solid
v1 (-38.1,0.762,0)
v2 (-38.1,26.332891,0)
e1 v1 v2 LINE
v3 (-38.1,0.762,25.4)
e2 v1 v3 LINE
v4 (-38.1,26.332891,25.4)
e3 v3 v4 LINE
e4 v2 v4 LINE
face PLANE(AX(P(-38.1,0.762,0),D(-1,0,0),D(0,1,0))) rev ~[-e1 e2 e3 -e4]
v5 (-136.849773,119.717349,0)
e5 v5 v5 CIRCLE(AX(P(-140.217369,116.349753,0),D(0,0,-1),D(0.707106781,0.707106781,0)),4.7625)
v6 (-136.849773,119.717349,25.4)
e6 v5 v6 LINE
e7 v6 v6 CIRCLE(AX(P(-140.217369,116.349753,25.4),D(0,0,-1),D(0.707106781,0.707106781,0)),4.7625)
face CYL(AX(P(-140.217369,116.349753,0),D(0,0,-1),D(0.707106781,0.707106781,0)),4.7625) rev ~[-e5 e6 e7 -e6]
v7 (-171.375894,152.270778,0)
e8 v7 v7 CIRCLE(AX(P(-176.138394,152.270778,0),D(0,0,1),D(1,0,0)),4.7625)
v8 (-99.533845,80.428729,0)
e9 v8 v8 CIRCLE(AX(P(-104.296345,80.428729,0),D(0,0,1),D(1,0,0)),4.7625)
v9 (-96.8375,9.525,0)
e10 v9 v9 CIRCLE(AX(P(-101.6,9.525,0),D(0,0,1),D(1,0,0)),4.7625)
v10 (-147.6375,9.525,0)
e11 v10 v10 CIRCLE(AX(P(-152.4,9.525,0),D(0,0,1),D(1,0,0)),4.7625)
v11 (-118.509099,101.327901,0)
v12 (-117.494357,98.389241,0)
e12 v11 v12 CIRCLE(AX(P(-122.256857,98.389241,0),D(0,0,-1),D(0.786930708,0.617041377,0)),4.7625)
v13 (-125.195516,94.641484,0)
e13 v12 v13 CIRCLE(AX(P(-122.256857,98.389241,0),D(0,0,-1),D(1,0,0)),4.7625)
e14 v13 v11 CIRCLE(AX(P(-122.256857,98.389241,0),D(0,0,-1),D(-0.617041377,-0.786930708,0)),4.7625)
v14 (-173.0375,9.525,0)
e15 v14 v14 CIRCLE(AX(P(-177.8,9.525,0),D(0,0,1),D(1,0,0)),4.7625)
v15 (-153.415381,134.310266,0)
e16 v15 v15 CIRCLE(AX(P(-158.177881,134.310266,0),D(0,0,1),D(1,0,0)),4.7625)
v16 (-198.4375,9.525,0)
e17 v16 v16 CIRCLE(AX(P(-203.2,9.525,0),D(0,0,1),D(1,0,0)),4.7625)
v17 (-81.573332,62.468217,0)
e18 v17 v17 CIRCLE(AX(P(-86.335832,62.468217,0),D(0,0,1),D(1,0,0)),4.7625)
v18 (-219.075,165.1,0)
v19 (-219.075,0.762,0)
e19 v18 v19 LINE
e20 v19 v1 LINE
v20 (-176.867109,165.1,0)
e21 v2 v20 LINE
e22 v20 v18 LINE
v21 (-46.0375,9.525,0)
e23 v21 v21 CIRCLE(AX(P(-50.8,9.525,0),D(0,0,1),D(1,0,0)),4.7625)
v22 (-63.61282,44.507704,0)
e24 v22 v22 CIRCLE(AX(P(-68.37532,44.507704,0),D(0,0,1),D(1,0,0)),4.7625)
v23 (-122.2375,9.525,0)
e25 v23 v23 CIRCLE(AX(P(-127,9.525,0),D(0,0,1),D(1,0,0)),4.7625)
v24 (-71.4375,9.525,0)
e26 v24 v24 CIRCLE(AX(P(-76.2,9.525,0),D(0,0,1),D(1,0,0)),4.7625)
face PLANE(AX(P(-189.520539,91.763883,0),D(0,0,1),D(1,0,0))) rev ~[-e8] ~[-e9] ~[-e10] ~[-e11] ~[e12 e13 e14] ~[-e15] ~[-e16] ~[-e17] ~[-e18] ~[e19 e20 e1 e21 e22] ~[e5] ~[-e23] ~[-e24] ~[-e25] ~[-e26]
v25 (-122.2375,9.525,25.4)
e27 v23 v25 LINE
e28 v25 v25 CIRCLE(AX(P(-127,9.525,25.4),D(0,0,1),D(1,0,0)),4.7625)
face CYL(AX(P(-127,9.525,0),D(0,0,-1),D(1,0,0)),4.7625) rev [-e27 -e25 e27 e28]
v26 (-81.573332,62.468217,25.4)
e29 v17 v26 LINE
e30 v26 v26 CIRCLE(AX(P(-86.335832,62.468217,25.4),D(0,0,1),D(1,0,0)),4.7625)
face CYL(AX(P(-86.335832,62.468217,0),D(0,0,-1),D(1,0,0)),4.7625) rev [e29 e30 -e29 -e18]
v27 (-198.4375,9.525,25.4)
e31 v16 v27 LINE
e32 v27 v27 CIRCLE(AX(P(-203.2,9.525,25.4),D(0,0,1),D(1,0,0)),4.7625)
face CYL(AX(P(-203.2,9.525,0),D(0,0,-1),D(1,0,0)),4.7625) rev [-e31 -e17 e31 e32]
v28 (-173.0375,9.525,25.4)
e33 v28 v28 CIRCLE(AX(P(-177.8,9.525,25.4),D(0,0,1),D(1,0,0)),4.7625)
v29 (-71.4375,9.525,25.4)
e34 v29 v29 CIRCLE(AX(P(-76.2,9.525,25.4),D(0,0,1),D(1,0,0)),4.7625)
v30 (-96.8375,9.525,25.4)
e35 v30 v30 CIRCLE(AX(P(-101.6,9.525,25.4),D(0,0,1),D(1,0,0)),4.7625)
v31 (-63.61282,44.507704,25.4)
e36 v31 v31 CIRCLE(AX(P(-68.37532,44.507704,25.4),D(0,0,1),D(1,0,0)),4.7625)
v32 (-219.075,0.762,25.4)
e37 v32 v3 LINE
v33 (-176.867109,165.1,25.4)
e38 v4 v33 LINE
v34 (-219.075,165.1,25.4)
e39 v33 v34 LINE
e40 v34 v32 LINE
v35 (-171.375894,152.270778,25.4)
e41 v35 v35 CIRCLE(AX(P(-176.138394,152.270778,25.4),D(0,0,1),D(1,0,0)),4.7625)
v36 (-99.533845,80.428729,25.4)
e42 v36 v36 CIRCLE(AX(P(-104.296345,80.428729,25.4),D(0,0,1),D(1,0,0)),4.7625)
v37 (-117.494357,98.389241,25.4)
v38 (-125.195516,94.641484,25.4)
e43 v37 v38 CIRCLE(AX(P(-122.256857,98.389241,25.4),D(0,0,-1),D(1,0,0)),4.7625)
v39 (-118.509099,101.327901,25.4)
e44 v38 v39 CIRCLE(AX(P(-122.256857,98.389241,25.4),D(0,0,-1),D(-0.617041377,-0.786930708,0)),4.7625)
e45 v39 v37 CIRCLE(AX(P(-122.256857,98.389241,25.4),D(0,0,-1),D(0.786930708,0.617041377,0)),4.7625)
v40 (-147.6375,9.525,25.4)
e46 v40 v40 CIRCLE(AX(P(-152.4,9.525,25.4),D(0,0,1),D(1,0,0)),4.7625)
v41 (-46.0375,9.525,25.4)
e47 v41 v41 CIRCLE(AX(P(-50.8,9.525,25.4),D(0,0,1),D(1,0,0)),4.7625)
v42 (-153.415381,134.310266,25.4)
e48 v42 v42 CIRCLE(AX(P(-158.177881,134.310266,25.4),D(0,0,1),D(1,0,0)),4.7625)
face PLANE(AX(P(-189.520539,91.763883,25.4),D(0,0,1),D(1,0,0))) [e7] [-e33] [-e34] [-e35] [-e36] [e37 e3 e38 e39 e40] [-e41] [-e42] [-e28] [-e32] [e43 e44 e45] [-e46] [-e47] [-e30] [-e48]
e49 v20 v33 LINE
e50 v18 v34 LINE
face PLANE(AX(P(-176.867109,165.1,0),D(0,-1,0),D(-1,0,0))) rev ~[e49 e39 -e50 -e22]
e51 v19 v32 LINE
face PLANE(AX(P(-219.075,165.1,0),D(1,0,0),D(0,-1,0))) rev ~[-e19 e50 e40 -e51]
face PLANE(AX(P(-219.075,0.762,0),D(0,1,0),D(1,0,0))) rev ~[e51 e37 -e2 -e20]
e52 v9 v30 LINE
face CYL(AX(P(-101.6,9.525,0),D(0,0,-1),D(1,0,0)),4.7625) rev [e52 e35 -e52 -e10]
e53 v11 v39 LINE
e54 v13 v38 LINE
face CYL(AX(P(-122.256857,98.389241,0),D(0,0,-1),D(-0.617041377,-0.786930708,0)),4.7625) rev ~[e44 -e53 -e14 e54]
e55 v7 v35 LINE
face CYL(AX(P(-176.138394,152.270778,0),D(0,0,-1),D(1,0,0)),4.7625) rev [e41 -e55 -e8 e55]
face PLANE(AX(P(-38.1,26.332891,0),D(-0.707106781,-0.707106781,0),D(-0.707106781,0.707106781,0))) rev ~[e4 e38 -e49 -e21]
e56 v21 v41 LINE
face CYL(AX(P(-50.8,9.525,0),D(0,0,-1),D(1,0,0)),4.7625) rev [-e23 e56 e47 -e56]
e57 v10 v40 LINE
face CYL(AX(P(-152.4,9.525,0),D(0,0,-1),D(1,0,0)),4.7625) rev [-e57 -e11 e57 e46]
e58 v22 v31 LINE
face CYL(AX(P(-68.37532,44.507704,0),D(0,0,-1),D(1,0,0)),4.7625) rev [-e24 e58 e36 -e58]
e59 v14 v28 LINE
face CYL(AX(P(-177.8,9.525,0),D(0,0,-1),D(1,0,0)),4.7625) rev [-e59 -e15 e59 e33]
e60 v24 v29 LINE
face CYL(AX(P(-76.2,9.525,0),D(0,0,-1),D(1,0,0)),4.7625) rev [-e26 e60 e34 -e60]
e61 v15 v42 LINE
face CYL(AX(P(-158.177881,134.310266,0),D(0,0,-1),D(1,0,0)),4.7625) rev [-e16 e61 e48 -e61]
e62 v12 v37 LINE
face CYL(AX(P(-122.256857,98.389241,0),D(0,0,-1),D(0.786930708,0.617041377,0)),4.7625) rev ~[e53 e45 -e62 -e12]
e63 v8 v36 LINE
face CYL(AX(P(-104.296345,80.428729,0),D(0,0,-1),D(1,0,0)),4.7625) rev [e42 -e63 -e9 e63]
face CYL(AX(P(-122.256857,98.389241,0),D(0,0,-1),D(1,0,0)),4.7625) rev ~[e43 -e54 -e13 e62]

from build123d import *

# Parameters (mm, degrees)
F0_R     = 4.7625
F1_DEPTH = 25.4


with BuildPart() as f1:
    # F0 (on Top) → F1 (new body)
    with BuildSketch(Plane.XY):
        Polygon((-219.075, 165.1), (-219.075, 19.05), (-200.787, 19.05), (-128.5875, 91.2495), (-146.9525612107, 109.6145612107), (-202.438, 165.1), align=None)
        Polygon((-38.1, 0.762), (-38.1, 19.05), (-200.787, 19.05), (-219.075, 0.762), align=None)
        with Locations((-203.2, 9.525)):
            Circle(F0_R, mode=Mode.SUBTRACT)
        with Locations((-177.8, 9.525)):
            Circle(F0_R, mode=Mode.SUBTRACT)
        with Locations((-152.4, 9.525)):
            Circle(F0_R, mode=Mode.SUBTRACT)
        with Locations((-127, 9.525)):
            Circle(F0_R, mode=Mode.SUBTRACT)
        with Locations((-101.6, 9.525)):
            Circle(F0_R, mode=Mode.SUBTRACT)
        with Locations((-76.2, 9.525)):
            Circle(F0_R, mode=Mode.SUBTRACT)
        with Locations((-50.8, 9.525)):
            Circle(F0_R, mode=Mode.SUBTRACT)
        with BuildLine():
            Line((-125.1955164365, 94.6414835635), (-128.5875, 91.2495))
            Line((-128.5875, 91.2495), (-57.15, 19.812))
            Line((-57.15, 19.812), (-44.3645546077, 32.5974453923))
            Line((-44.3645546077, 32.5974453923), (-115.8020546077, 104.0349453923))
            Line((-115.8020546077, 104.0349453923), (-118.5090993819, 101.3279006181))
            ThreePointArc((-118.5090993819, 101.3279006181), (-117.7551848926, 99.9437041782), (-117.4943568778, 98.3892410594))
            ThreePointArc((-117.4943568778, 98.3892410594), (-120.1728655028, 94.1069068595), (-125.1955164365, 94.6414835635))
        make_face()
        with Locations((-68.3753201513, 44.5077043329)):
            Circle(F0_R, mode=Mode.SUBTRACT)
        with Locations((-86.3358323935, 62.4682165751)):
            Circle(F0_R, mode=Mode.SUBTRACT)
        with Locations((-104.2963446356, 80.4287288172)):
            Circle(F0_R, mode=Mode.SUBTRACT)
        Polygon((-200.787, 19.05), (-219.075, 19.05), (-219.075, 0.762), align=None)
        with BuildLine():
            Line((-176.8671092154, 165.1), (-202.438, 165.1))
            Line((-202.438, 165.1), (-146.9525612107, 109.6145612107))
            Line((-146.9525612107, 109.6145612107), (-143.5849651653, 112.9821572561))
            ThreePointArc((-143.5849651653, 112.9821572561), (-143.5849651653, 119.7173493469), (-136.8497730745, 119.7173493469))
            Line((-136.8497730745, 119.7173493469), (-134.1671158184, 122.400006603))
            Line((-134.1671158184, 122.400006603), (-176.8671092154, 165.1))
        make_face()
        with Locations((-158.177881362, 134.3102655436)):
            Circle(F0_R, mode=Mode.SUBTRACT)
        with Locations((-176.1383936042, 152.2707777858)):
            Circle(F0_R, mode=Mode.SUBTRACT)
        with BuildLine():
            Line((-146.9525612107, 109.6145612107), (-128.5875, 91.2495))
            Line((-128.5875, 91.2495), (-125.1955164365, 94.6414835635))
            ThreePointArc((-125.1955164365, 94.6414835635), (-125.6244529232, 101.7568371048), (-118.5090993819, 101.3279006181))
            Line((-118.5090993819, 101.3279006181), (-115.8020546077, 104.0349453923))
            Line((-115.8020546077, 104.0349453923), (-134.1671158184, 122.400006603))
            Line((-134.1671158184, 122.400006603), (-136.8497730745, 119.7173493469))
            ThreePointArc((-136.8497730745, 119.7173493469), (-135.8173928463, 118.1722831481), (-135.4548691199, 116.3497533015))
            ThreePointArc((-135.4548691199, 116.3497533015), (-138.3948392733, 111.9497770279), (-143.5849651653, 112.9821572561))
            Line((-143.5849651653, 112.9821572561), (-146.9525612107, 109.6145612107))
        make_face()
        Polygon((-200.787, 19.05), (-38.1, 19.05), (-38.1, 26.3328907846), (-44.3645546077, 32.5974453923), (-57.15, 19.812), (-128.5875, 91.2495), align=None)
    extrude(amount=F1_DEPTH)


solid = f1.part
